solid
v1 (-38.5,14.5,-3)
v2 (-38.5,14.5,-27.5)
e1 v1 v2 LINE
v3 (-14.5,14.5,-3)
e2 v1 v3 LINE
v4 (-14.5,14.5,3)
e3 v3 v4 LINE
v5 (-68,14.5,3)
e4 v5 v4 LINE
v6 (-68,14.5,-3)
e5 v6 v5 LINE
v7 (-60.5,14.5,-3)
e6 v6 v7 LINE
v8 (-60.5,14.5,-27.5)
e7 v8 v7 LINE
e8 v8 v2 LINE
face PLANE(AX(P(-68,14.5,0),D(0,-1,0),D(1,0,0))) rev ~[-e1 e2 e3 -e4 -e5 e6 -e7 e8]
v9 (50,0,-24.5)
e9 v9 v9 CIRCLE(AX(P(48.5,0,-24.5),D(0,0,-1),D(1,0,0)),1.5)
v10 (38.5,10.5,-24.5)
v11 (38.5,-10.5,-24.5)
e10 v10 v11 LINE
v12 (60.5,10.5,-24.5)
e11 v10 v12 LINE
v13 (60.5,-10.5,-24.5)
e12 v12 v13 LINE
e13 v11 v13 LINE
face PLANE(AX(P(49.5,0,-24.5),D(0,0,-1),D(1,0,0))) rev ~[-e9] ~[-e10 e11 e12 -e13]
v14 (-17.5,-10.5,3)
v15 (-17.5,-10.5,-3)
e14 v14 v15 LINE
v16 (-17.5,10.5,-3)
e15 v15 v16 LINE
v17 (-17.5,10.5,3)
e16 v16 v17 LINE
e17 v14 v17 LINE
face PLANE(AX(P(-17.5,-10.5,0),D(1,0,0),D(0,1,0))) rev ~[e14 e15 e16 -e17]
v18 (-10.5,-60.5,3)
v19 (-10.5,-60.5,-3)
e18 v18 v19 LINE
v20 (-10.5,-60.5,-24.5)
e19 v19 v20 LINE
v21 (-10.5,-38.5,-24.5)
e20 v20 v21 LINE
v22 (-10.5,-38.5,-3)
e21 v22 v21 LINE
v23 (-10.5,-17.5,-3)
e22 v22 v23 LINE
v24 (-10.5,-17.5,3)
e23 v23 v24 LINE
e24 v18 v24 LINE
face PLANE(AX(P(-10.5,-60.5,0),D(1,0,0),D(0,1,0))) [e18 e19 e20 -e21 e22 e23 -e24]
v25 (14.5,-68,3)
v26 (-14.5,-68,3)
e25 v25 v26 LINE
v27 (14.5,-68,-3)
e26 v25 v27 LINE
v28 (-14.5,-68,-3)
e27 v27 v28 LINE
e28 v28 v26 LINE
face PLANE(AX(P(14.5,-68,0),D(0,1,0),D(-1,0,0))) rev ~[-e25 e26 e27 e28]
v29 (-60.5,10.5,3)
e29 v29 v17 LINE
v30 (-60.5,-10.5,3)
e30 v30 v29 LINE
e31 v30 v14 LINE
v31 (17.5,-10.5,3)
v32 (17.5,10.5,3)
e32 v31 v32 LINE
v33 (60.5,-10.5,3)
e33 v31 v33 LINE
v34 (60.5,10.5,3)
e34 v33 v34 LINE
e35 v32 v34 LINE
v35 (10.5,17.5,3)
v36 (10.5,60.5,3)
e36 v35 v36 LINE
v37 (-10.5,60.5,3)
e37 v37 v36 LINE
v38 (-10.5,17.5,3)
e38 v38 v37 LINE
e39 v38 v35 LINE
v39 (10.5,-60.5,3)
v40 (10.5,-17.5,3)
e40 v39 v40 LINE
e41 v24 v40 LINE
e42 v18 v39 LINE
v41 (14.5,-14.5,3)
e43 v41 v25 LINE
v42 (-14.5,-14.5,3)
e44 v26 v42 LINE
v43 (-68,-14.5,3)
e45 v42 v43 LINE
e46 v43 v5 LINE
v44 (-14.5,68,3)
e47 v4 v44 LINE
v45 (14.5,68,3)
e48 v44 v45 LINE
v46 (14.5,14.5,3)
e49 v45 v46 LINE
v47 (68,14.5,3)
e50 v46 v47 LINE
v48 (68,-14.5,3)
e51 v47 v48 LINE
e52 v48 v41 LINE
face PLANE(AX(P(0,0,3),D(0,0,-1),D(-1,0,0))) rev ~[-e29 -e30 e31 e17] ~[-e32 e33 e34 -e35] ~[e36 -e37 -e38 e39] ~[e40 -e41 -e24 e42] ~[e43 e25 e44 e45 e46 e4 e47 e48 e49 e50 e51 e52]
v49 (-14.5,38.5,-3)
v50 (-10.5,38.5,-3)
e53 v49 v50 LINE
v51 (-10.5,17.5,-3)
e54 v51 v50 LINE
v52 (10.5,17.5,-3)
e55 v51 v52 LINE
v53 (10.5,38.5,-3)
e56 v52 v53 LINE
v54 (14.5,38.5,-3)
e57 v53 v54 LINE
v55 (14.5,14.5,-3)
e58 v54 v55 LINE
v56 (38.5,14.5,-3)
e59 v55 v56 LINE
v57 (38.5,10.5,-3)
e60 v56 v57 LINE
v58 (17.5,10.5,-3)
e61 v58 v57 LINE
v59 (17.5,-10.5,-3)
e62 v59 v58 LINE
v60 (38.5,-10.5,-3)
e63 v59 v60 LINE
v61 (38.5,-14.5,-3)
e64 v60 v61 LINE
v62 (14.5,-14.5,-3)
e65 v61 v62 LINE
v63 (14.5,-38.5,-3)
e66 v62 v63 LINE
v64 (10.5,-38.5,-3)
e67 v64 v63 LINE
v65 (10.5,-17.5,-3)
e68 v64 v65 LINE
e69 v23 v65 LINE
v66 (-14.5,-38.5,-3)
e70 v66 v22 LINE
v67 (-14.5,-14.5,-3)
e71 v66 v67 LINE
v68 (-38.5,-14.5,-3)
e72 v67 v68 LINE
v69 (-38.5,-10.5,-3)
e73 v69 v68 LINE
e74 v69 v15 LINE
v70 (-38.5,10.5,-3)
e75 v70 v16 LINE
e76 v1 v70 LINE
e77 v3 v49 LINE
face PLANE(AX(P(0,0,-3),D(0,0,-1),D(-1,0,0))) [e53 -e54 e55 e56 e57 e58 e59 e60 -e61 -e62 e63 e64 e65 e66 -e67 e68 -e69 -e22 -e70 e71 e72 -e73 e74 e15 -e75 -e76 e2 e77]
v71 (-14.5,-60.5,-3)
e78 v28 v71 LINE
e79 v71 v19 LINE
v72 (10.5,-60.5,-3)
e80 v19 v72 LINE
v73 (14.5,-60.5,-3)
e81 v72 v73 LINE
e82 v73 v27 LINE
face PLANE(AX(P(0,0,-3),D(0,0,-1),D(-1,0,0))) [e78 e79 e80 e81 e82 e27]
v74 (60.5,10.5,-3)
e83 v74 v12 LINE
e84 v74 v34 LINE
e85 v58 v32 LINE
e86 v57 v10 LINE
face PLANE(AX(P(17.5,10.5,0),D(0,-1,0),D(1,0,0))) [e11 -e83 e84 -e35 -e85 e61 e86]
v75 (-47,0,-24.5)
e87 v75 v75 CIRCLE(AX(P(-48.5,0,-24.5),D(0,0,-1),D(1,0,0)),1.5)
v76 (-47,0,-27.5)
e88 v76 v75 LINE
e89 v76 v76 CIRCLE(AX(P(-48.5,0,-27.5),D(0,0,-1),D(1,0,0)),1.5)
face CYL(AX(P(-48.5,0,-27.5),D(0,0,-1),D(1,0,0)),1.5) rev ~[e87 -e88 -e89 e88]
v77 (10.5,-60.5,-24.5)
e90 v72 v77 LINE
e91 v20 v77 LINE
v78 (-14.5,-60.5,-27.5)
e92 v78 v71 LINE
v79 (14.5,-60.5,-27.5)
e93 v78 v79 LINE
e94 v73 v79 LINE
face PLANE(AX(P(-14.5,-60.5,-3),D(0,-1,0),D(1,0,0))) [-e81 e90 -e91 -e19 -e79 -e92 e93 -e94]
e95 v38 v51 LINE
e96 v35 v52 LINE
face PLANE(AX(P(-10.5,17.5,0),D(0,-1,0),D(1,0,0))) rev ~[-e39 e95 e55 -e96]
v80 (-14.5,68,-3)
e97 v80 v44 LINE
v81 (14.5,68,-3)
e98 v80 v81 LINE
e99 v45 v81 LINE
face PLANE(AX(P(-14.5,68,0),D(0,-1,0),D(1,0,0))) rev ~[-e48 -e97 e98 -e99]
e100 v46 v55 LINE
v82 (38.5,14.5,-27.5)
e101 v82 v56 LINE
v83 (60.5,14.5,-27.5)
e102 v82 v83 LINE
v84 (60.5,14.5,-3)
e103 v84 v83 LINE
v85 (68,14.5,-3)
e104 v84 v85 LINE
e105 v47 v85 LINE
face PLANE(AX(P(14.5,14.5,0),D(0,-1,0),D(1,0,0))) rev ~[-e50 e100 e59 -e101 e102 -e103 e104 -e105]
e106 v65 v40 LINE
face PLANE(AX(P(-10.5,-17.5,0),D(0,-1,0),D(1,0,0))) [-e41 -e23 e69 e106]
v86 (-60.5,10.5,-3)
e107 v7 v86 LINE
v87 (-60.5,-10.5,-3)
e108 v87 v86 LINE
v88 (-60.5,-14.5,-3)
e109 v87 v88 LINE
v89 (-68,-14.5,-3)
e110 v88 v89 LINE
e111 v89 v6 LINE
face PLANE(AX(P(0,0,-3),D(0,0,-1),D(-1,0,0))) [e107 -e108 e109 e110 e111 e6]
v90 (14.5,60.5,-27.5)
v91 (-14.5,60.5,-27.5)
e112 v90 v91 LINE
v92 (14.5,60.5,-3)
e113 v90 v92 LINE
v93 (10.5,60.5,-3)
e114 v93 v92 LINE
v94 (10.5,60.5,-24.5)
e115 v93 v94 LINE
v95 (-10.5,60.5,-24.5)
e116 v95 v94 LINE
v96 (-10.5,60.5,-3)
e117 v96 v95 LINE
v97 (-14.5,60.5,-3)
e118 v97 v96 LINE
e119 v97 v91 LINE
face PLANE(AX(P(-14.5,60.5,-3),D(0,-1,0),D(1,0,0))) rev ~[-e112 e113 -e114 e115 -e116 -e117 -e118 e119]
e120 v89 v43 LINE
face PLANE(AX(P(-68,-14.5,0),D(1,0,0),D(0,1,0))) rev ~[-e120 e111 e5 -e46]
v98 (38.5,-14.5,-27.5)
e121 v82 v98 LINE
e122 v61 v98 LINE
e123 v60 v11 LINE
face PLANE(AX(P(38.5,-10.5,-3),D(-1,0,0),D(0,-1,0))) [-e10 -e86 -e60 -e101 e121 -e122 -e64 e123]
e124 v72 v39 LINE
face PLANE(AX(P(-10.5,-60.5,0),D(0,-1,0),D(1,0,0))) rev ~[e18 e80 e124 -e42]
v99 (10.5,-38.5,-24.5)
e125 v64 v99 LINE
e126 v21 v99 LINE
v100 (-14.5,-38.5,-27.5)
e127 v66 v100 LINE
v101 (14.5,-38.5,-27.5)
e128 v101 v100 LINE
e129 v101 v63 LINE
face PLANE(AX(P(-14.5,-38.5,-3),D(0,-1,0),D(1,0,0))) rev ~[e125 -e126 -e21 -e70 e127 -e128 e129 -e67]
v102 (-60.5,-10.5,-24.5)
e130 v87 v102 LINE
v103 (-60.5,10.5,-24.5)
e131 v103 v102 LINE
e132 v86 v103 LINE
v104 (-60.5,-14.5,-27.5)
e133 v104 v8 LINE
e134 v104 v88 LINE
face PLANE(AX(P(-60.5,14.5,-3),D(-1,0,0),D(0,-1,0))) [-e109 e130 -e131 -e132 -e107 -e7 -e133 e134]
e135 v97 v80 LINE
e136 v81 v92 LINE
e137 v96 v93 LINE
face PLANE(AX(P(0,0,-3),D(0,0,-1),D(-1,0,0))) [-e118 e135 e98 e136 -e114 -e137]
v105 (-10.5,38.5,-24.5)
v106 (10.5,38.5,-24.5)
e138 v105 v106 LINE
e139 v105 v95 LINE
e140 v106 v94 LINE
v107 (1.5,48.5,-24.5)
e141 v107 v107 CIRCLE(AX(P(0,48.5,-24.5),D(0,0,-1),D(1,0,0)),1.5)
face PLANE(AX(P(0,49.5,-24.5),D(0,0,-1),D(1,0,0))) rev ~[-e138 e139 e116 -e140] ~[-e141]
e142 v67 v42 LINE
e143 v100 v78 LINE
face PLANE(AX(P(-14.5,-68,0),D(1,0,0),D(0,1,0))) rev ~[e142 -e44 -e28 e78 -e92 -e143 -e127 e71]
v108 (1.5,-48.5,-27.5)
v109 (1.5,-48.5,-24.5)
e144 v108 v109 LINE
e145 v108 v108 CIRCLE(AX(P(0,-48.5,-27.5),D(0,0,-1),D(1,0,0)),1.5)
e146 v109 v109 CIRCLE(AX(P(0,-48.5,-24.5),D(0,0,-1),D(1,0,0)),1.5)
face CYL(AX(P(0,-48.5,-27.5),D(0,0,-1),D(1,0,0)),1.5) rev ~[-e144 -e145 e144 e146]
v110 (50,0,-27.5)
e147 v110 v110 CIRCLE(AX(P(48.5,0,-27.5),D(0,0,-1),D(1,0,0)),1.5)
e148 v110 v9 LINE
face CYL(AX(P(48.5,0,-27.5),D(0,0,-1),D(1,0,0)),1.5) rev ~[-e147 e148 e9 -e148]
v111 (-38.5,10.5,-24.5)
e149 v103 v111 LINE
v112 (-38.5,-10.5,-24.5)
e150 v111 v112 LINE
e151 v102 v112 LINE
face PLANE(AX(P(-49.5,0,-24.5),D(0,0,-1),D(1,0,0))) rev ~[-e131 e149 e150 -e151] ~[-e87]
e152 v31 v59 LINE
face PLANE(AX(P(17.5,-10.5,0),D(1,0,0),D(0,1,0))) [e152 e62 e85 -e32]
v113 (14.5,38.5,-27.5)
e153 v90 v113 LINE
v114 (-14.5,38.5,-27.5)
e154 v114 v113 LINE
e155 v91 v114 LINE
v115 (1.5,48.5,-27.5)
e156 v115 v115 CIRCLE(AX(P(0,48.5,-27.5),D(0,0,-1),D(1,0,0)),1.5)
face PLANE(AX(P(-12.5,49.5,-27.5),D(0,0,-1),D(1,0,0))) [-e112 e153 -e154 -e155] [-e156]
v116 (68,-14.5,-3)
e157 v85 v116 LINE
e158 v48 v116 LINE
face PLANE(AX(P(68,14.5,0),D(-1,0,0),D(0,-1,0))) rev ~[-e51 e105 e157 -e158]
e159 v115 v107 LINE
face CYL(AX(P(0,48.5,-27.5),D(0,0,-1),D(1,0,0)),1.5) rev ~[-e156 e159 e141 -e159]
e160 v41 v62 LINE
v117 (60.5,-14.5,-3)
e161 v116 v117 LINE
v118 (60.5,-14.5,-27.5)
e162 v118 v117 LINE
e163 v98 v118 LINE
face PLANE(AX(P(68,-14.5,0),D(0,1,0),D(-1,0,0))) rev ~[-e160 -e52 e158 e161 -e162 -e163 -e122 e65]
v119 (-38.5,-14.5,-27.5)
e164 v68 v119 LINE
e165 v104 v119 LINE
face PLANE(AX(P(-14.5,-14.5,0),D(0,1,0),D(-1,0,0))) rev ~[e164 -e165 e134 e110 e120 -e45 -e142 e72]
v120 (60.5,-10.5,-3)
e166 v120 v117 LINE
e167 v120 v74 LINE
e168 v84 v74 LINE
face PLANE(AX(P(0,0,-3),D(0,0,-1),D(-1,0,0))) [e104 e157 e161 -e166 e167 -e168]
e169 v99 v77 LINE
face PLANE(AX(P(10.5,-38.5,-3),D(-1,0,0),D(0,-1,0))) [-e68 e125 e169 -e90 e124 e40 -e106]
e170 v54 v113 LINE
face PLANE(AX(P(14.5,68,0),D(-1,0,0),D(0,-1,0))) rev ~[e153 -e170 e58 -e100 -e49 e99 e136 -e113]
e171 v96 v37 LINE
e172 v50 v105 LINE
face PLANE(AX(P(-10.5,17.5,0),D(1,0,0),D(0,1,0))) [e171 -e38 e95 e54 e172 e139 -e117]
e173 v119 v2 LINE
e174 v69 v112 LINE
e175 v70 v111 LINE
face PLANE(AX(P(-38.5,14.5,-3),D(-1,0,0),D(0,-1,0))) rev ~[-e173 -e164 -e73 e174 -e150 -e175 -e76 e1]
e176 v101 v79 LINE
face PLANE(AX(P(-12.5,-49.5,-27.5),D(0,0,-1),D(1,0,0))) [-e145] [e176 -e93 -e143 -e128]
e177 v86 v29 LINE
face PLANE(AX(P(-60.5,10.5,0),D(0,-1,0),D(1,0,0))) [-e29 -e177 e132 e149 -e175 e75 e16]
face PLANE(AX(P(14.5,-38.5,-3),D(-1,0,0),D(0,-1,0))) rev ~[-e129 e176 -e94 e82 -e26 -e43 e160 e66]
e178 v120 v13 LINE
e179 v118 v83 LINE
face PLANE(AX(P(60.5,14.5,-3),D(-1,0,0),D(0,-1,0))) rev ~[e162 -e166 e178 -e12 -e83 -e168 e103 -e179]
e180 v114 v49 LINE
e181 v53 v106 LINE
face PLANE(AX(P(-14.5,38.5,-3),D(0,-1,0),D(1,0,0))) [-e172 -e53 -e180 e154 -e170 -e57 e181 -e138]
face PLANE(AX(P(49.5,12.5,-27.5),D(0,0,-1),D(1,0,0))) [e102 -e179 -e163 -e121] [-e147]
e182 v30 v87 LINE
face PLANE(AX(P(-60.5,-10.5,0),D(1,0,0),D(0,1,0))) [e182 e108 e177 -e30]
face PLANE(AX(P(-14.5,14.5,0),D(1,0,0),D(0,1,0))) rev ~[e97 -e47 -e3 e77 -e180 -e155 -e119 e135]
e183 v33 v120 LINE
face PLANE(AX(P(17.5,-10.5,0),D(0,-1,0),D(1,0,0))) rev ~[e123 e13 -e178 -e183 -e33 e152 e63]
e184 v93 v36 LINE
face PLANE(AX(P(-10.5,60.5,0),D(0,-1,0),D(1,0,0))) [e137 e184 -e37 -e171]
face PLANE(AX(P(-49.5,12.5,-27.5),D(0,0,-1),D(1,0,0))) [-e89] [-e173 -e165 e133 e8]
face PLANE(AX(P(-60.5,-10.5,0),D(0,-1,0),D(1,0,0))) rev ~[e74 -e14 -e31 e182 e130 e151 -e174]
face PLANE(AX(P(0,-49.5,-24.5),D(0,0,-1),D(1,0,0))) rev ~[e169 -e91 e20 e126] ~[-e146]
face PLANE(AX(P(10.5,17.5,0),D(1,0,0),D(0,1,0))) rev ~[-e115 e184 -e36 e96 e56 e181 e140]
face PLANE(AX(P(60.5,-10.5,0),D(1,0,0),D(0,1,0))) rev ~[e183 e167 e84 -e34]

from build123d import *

# Parameters (mm, degrees)
SKETCH_W        = 43
SKETCH_H        = 21
SKETCH_W_2      = 21
SKETCH_H_2      = 43
PAD_DEPTH       = 3
SKETCH001_W     = 4
SKETCH001_H     = 22
SKETCH001_W_2   = 22
SKETCH001_H_2   = 4
PAD001002_DEPTH = 24.5
SKETCH002_W     = 22
SKETCH002_H     = 29
SKETCH002_W_2   = 29
SKETCH002_H_2   = 22
PAD001003_DEPTH = 3
SKETCH003_R     = 1.5
POCKET_DEPTH    = 5


with BuildPart() as part:
    # Sketch → Pad (new body, symmetric)
    with BuildSketch(Plane.XY):
        Polygon((-14.5, 68), (14.5, 68), (14.5, 14.5), (68, 14.5), (68, -14.5), (14.5, -14.5), (14.5, -68), (-14.5, -68), (-14.5, -14.5), (-68, -14.5), (-68, 14.5), (-14.5, 14.5), align=None)
        with Locations((39, 0)):
            Rectangle(SKETCH_W, SKETCH_H, mode=Mode.SUBTRACT)
        with Locations((0, 39)):
            Rectangle(SKETCH_W_2, SKETCH_H_2, mode=Mode.SUBTRACT)
        with Locations((-39, 0)):
            Rectangle(SKETCH_W, SKETCH_H, mode=Mode.SUBTRACT)
        with Locations((0, -39)):
            Rectangle(SKETCH_W_2, SKETCH_H_2, mode=Mode.SUBTRACT)
    extrude(amount=PAD_DEPTH, both=True)

    # Sketch001 → Pad001002 (new body)
    with BuildSketch(Plane(origin=(0, 0, -3), x_dir=(1, 0, 0), z_dir=(0, 0, -1))):
        with Locations((12.5, 49.5)):
            Rectangle(SKETCH001_W, SKETCH001_H)
        with Locations((-12.5, 49.5)):
            Rectangle(SKETCH001_W, SKETCH001_H)
        with Locations((-12.5, -49.5)):
            Rectangle(SKETCH001_W, SKETCH001_H)
        with Locations((12.5, -49.5)):
            Rectangle(SKETCH001_W, SKETCH001_H)
        with Locations((-49.5, 12.5)):
            Rectangle(SKETCH001_W_2, SKETCH001_H_2)
        with Locations((-49.5, -12.5)):
            Rectangle(SKETCH001_W_2, SKETCH001_H_2)
        with Locations((49.5, -12.5)):
            Rectangle(SKETCH001_W_2, SKETCH001_H_2)
        with Locations((49.5, 12.5)):
            Rectangle(SKETCH001_W_2, SKETCH001_H_2)
    extrude(amount=PAD001002_DEPTH)

    # Sketch002 → Pad001003 (new body)
    with BuildSketch(Plane(origin=(0, 0, -27.5), x_dir=(1, 0, 0), z_dir=(0, 0, -1))):
        with Locations((-49.5, 0)):
            Rectangle(SKETCH002_W, SKETCH002_H)
        with Locations((0, 49.5)):
            Rectangle(SKETCH002_W_2, SKETCH002_H_2)
        with Locations((49.5, 0)):
            Rectangle(SKETCH002_W, SKETCH002_H)
        with Locations((0, -49.5)):
            Rectangle(SKETCH002_W_2, SKETCH002_H_2)
    extrude(amount=-PAD001003_DEPTH)

    # Sketch003 → Pocket (cut)
    with BuildSketch(Plane(origin=(0, 0, -27.5), x_dir=(1, 0, 0), z_dir=(0, 0, -1))):
        with Locations((0, -48.5)):
            Circle(SKETCH003_R)
        with Locations((-48.5, 0)):
            Circle(SKETCH003_R)
        with Locations((0, 48.5)):
            Circle(SKETCH003_R)
        with Locations((48.5, 0)):
            Circle(SKETCH003_R)
    extrude(amount=-POCKET_DEPTH, mode=Mode.SUBTRACT)


solid = part.part
